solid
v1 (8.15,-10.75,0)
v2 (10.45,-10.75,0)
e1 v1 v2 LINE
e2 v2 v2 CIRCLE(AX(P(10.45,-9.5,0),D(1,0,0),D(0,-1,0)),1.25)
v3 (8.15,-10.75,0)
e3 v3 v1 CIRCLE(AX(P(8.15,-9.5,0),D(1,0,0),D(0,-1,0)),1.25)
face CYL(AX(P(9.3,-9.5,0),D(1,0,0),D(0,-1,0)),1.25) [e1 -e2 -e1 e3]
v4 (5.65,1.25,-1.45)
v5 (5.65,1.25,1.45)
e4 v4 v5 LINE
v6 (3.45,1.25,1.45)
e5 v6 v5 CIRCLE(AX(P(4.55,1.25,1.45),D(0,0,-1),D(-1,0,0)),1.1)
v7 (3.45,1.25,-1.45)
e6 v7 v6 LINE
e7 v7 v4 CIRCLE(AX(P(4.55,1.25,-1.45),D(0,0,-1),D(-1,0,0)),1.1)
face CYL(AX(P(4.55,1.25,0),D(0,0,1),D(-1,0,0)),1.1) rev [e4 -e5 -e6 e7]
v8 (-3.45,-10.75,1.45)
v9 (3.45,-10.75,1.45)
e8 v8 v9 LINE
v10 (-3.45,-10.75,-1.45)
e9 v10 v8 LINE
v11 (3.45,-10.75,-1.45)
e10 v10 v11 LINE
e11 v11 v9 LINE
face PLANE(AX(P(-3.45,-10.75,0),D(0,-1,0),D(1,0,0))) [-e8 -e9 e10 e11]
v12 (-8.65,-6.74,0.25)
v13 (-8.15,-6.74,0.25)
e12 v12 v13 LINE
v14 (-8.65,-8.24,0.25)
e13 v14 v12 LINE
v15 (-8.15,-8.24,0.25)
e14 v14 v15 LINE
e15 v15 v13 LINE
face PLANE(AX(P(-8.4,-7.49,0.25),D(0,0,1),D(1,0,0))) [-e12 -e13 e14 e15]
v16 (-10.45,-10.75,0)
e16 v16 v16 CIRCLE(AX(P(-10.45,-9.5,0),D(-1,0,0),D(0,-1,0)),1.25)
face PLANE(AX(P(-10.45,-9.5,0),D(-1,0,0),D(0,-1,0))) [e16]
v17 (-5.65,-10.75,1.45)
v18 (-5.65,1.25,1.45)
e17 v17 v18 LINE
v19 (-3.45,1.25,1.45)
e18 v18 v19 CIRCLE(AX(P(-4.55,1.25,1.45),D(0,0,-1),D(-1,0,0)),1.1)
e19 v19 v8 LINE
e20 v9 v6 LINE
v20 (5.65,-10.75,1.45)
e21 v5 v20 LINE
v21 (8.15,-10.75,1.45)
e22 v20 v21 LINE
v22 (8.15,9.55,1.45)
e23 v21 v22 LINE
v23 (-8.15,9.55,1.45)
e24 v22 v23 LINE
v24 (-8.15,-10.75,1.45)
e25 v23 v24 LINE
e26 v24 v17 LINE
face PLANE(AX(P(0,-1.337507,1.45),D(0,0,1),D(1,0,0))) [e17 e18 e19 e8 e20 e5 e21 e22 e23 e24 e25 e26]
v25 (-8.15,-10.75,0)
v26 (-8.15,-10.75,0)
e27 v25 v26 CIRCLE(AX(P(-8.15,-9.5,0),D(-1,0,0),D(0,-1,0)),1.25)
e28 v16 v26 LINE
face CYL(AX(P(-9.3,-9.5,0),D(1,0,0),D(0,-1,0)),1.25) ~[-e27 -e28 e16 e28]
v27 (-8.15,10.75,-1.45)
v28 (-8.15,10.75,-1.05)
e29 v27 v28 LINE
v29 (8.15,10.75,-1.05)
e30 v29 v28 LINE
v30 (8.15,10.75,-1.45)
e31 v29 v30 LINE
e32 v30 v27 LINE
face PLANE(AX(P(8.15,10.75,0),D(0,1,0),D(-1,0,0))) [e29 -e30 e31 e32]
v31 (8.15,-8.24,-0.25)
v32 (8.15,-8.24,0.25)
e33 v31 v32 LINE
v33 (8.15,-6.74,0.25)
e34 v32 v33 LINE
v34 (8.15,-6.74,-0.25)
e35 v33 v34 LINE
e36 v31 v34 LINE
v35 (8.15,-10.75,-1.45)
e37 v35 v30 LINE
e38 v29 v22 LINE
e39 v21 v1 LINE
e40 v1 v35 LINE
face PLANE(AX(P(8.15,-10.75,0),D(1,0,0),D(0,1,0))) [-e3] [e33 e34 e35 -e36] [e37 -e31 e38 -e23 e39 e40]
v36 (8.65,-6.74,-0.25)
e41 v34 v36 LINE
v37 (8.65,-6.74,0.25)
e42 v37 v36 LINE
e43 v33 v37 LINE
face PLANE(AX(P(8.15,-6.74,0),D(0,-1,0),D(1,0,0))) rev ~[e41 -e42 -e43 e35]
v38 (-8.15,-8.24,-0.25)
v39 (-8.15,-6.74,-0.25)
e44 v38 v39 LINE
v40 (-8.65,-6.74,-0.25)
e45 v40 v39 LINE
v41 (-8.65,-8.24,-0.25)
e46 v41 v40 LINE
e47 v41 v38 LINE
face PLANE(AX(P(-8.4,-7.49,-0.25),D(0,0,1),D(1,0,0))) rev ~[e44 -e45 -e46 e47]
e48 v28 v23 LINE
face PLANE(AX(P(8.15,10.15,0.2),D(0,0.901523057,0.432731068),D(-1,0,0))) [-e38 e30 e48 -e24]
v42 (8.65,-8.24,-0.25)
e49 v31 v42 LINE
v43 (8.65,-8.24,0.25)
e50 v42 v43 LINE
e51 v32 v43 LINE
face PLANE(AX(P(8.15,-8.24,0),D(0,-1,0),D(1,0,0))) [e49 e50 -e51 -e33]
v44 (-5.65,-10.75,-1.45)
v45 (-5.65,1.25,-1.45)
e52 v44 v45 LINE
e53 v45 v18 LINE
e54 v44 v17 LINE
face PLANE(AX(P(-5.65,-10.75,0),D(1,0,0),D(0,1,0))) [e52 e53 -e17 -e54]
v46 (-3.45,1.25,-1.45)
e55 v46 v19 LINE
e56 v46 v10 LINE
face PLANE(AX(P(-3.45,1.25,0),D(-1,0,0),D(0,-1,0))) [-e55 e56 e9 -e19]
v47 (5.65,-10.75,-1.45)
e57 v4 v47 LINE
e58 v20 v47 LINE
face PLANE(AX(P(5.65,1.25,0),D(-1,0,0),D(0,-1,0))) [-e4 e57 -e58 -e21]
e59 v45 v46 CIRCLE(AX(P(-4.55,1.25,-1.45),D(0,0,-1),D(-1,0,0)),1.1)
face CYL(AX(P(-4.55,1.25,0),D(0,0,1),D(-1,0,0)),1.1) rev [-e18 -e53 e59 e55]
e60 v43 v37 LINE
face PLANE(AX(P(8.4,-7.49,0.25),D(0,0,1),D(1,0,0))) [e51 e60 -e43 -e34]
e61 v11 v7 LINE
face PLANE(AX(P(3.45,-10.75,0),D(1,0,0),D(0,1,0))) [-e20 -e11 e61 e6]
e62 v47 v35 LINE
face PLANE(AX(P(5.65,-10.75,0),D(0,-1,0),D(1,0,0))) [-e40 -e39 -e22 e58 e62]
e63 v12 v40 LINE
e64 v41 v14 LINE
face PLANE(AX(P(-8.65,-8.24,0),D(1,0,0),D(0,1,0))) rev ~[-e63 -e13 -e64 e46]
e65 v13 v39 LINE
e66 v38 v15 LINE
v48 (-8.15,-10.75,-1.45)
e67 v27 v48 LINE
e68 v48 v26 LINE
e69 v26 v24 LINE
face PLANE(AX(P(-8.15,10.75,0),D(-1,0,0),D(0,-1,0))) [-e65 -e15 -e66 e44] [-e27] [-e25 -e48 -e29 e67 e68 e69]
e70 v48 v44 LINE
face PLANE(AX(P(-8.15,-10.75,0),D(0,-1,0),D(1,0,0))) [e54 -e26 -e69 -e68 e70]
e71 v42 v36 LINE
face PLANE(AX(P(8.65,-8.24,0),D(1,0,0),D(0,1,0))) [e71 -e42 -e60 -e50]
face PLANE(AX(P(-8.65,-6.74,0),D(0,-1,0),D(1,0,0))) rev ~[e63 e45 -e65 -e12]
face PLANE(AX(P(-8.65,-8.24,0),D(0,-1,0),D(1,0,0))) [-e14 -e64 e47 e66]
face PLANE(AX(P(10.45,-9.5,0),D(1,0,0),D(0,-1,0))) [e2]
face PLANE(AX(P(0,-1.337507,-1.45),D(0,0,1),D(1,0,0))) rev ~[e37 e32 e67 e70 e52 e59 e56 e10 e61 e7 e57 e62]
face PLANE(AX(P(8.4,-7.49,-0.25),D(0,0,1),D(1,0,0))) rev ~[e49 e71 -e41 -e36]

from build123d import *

# Parameters (mm, degrees)
F1_DEPTH = 1.45
F0_W     = 2.3
F0_H     = 1.25
F4_SIZE2 = 1.2
F4_SIZE  = 2.5
F0_W_2   = 0.5
F0_H_2   = 1.5
F5_DEPTH = 0.25
F6_DEPTH = 0.25


with BuildPart() as f1:
    # F0 (on Top) → F1 (new body, symmetric)
    with BuildSketch(Plane.XY):
        with BuildLine():
            Line((8.15, -6.74), (8.15, 10.75))
            Line((8.15, 10.75), (-8.15, 10.75))
            Line((-8.15, 10.75), (-8.15, -6.74))
            Line((-8.15, -6.74), (-8.15, -8.24))
            Line((-8.15, -8.24), (-8.15, -8.25))
            Line((-8.15, -8.25), (-8.15, -9.5))
            Line((-8.15, -9.5), (-8.15, -10.75))
            Line((-8.15, -10.75), (-5.65, -10.75))
            Line((-5.65, -10.75), (-5.65, 1.25))
            ThreePointArc((-5.65, 1.25), (-4.55, 2.35), (-3.45, 1.25))
            Line((-3.45, 1.25), (-3.45, -10.75))
            Line((-3.45, -10.75), (3.45, -10.75))
            Line((3.45, -10.75), (3.45, 1.25))
            ThreePointArc((3.45, 1.25), (4.55, 2.35), (5.65, 1.25))
            Line((5.65, 1.25), (5.65, -10.75))
            Line((5.65, -10.75), (8.15, -10.75))
            Line((8.15, -10.75), (8.15, -9.5))
            Line((8.15, -9.5), (8.15, -8.25))
            Line((8.15, -8.25), (8.15, -8.24))
            Line((8.15, -8.24), (8.15, -6.74))
        make_face()
    extrude(amount=F1_DEPTH, both=True)

    # F0 (on Top) → F2 (revolve)
    with BuildSketch(Plane.XY):
        with Locations((9.3, -10.125)):
            Rectangle(F0_W, F0_H)
    revolve(axis=Axis((9.3, -9.5, 0), (1, 0, 0)))

    # F0 (on Top) → F3 (revolve)
    with BuildSketch(Plane.XY):
        with Locations((-9.3, -10.125)):
            Rectangle(F0_W, F0_H)
    revolve(axis=Axis((-9.3, -9.5, 0), (-1, 0, 0)))

    # F4
    f4_edges = [f1.edges().sort_by_distance(p)[0] for p in [
        (0, 10.75, 1.45),
    ]]
    chamfer(f4_edges, length=F4_SIZE, length2=F4_SIZE2)

    # F0 (on Top) → F5 (join, symmetric)
    with BuildSketch(Plane.XY):
        with Locations((8.4, -7.49)):
            Rectangle(F0_W_2, F0_H_2)
    extrude(amount=F5_DEPTH, both=True)

    # F0 (on Top) → F6 (join, symmetric)
    with BuildSketch(Plane.XY):
        with Locations((-8.4, -7.49)):
            Rectangle(F0_W_2, F0_H_2)
    extrude(amount=F6_DEPTH, both=True)


solid = f1.part
